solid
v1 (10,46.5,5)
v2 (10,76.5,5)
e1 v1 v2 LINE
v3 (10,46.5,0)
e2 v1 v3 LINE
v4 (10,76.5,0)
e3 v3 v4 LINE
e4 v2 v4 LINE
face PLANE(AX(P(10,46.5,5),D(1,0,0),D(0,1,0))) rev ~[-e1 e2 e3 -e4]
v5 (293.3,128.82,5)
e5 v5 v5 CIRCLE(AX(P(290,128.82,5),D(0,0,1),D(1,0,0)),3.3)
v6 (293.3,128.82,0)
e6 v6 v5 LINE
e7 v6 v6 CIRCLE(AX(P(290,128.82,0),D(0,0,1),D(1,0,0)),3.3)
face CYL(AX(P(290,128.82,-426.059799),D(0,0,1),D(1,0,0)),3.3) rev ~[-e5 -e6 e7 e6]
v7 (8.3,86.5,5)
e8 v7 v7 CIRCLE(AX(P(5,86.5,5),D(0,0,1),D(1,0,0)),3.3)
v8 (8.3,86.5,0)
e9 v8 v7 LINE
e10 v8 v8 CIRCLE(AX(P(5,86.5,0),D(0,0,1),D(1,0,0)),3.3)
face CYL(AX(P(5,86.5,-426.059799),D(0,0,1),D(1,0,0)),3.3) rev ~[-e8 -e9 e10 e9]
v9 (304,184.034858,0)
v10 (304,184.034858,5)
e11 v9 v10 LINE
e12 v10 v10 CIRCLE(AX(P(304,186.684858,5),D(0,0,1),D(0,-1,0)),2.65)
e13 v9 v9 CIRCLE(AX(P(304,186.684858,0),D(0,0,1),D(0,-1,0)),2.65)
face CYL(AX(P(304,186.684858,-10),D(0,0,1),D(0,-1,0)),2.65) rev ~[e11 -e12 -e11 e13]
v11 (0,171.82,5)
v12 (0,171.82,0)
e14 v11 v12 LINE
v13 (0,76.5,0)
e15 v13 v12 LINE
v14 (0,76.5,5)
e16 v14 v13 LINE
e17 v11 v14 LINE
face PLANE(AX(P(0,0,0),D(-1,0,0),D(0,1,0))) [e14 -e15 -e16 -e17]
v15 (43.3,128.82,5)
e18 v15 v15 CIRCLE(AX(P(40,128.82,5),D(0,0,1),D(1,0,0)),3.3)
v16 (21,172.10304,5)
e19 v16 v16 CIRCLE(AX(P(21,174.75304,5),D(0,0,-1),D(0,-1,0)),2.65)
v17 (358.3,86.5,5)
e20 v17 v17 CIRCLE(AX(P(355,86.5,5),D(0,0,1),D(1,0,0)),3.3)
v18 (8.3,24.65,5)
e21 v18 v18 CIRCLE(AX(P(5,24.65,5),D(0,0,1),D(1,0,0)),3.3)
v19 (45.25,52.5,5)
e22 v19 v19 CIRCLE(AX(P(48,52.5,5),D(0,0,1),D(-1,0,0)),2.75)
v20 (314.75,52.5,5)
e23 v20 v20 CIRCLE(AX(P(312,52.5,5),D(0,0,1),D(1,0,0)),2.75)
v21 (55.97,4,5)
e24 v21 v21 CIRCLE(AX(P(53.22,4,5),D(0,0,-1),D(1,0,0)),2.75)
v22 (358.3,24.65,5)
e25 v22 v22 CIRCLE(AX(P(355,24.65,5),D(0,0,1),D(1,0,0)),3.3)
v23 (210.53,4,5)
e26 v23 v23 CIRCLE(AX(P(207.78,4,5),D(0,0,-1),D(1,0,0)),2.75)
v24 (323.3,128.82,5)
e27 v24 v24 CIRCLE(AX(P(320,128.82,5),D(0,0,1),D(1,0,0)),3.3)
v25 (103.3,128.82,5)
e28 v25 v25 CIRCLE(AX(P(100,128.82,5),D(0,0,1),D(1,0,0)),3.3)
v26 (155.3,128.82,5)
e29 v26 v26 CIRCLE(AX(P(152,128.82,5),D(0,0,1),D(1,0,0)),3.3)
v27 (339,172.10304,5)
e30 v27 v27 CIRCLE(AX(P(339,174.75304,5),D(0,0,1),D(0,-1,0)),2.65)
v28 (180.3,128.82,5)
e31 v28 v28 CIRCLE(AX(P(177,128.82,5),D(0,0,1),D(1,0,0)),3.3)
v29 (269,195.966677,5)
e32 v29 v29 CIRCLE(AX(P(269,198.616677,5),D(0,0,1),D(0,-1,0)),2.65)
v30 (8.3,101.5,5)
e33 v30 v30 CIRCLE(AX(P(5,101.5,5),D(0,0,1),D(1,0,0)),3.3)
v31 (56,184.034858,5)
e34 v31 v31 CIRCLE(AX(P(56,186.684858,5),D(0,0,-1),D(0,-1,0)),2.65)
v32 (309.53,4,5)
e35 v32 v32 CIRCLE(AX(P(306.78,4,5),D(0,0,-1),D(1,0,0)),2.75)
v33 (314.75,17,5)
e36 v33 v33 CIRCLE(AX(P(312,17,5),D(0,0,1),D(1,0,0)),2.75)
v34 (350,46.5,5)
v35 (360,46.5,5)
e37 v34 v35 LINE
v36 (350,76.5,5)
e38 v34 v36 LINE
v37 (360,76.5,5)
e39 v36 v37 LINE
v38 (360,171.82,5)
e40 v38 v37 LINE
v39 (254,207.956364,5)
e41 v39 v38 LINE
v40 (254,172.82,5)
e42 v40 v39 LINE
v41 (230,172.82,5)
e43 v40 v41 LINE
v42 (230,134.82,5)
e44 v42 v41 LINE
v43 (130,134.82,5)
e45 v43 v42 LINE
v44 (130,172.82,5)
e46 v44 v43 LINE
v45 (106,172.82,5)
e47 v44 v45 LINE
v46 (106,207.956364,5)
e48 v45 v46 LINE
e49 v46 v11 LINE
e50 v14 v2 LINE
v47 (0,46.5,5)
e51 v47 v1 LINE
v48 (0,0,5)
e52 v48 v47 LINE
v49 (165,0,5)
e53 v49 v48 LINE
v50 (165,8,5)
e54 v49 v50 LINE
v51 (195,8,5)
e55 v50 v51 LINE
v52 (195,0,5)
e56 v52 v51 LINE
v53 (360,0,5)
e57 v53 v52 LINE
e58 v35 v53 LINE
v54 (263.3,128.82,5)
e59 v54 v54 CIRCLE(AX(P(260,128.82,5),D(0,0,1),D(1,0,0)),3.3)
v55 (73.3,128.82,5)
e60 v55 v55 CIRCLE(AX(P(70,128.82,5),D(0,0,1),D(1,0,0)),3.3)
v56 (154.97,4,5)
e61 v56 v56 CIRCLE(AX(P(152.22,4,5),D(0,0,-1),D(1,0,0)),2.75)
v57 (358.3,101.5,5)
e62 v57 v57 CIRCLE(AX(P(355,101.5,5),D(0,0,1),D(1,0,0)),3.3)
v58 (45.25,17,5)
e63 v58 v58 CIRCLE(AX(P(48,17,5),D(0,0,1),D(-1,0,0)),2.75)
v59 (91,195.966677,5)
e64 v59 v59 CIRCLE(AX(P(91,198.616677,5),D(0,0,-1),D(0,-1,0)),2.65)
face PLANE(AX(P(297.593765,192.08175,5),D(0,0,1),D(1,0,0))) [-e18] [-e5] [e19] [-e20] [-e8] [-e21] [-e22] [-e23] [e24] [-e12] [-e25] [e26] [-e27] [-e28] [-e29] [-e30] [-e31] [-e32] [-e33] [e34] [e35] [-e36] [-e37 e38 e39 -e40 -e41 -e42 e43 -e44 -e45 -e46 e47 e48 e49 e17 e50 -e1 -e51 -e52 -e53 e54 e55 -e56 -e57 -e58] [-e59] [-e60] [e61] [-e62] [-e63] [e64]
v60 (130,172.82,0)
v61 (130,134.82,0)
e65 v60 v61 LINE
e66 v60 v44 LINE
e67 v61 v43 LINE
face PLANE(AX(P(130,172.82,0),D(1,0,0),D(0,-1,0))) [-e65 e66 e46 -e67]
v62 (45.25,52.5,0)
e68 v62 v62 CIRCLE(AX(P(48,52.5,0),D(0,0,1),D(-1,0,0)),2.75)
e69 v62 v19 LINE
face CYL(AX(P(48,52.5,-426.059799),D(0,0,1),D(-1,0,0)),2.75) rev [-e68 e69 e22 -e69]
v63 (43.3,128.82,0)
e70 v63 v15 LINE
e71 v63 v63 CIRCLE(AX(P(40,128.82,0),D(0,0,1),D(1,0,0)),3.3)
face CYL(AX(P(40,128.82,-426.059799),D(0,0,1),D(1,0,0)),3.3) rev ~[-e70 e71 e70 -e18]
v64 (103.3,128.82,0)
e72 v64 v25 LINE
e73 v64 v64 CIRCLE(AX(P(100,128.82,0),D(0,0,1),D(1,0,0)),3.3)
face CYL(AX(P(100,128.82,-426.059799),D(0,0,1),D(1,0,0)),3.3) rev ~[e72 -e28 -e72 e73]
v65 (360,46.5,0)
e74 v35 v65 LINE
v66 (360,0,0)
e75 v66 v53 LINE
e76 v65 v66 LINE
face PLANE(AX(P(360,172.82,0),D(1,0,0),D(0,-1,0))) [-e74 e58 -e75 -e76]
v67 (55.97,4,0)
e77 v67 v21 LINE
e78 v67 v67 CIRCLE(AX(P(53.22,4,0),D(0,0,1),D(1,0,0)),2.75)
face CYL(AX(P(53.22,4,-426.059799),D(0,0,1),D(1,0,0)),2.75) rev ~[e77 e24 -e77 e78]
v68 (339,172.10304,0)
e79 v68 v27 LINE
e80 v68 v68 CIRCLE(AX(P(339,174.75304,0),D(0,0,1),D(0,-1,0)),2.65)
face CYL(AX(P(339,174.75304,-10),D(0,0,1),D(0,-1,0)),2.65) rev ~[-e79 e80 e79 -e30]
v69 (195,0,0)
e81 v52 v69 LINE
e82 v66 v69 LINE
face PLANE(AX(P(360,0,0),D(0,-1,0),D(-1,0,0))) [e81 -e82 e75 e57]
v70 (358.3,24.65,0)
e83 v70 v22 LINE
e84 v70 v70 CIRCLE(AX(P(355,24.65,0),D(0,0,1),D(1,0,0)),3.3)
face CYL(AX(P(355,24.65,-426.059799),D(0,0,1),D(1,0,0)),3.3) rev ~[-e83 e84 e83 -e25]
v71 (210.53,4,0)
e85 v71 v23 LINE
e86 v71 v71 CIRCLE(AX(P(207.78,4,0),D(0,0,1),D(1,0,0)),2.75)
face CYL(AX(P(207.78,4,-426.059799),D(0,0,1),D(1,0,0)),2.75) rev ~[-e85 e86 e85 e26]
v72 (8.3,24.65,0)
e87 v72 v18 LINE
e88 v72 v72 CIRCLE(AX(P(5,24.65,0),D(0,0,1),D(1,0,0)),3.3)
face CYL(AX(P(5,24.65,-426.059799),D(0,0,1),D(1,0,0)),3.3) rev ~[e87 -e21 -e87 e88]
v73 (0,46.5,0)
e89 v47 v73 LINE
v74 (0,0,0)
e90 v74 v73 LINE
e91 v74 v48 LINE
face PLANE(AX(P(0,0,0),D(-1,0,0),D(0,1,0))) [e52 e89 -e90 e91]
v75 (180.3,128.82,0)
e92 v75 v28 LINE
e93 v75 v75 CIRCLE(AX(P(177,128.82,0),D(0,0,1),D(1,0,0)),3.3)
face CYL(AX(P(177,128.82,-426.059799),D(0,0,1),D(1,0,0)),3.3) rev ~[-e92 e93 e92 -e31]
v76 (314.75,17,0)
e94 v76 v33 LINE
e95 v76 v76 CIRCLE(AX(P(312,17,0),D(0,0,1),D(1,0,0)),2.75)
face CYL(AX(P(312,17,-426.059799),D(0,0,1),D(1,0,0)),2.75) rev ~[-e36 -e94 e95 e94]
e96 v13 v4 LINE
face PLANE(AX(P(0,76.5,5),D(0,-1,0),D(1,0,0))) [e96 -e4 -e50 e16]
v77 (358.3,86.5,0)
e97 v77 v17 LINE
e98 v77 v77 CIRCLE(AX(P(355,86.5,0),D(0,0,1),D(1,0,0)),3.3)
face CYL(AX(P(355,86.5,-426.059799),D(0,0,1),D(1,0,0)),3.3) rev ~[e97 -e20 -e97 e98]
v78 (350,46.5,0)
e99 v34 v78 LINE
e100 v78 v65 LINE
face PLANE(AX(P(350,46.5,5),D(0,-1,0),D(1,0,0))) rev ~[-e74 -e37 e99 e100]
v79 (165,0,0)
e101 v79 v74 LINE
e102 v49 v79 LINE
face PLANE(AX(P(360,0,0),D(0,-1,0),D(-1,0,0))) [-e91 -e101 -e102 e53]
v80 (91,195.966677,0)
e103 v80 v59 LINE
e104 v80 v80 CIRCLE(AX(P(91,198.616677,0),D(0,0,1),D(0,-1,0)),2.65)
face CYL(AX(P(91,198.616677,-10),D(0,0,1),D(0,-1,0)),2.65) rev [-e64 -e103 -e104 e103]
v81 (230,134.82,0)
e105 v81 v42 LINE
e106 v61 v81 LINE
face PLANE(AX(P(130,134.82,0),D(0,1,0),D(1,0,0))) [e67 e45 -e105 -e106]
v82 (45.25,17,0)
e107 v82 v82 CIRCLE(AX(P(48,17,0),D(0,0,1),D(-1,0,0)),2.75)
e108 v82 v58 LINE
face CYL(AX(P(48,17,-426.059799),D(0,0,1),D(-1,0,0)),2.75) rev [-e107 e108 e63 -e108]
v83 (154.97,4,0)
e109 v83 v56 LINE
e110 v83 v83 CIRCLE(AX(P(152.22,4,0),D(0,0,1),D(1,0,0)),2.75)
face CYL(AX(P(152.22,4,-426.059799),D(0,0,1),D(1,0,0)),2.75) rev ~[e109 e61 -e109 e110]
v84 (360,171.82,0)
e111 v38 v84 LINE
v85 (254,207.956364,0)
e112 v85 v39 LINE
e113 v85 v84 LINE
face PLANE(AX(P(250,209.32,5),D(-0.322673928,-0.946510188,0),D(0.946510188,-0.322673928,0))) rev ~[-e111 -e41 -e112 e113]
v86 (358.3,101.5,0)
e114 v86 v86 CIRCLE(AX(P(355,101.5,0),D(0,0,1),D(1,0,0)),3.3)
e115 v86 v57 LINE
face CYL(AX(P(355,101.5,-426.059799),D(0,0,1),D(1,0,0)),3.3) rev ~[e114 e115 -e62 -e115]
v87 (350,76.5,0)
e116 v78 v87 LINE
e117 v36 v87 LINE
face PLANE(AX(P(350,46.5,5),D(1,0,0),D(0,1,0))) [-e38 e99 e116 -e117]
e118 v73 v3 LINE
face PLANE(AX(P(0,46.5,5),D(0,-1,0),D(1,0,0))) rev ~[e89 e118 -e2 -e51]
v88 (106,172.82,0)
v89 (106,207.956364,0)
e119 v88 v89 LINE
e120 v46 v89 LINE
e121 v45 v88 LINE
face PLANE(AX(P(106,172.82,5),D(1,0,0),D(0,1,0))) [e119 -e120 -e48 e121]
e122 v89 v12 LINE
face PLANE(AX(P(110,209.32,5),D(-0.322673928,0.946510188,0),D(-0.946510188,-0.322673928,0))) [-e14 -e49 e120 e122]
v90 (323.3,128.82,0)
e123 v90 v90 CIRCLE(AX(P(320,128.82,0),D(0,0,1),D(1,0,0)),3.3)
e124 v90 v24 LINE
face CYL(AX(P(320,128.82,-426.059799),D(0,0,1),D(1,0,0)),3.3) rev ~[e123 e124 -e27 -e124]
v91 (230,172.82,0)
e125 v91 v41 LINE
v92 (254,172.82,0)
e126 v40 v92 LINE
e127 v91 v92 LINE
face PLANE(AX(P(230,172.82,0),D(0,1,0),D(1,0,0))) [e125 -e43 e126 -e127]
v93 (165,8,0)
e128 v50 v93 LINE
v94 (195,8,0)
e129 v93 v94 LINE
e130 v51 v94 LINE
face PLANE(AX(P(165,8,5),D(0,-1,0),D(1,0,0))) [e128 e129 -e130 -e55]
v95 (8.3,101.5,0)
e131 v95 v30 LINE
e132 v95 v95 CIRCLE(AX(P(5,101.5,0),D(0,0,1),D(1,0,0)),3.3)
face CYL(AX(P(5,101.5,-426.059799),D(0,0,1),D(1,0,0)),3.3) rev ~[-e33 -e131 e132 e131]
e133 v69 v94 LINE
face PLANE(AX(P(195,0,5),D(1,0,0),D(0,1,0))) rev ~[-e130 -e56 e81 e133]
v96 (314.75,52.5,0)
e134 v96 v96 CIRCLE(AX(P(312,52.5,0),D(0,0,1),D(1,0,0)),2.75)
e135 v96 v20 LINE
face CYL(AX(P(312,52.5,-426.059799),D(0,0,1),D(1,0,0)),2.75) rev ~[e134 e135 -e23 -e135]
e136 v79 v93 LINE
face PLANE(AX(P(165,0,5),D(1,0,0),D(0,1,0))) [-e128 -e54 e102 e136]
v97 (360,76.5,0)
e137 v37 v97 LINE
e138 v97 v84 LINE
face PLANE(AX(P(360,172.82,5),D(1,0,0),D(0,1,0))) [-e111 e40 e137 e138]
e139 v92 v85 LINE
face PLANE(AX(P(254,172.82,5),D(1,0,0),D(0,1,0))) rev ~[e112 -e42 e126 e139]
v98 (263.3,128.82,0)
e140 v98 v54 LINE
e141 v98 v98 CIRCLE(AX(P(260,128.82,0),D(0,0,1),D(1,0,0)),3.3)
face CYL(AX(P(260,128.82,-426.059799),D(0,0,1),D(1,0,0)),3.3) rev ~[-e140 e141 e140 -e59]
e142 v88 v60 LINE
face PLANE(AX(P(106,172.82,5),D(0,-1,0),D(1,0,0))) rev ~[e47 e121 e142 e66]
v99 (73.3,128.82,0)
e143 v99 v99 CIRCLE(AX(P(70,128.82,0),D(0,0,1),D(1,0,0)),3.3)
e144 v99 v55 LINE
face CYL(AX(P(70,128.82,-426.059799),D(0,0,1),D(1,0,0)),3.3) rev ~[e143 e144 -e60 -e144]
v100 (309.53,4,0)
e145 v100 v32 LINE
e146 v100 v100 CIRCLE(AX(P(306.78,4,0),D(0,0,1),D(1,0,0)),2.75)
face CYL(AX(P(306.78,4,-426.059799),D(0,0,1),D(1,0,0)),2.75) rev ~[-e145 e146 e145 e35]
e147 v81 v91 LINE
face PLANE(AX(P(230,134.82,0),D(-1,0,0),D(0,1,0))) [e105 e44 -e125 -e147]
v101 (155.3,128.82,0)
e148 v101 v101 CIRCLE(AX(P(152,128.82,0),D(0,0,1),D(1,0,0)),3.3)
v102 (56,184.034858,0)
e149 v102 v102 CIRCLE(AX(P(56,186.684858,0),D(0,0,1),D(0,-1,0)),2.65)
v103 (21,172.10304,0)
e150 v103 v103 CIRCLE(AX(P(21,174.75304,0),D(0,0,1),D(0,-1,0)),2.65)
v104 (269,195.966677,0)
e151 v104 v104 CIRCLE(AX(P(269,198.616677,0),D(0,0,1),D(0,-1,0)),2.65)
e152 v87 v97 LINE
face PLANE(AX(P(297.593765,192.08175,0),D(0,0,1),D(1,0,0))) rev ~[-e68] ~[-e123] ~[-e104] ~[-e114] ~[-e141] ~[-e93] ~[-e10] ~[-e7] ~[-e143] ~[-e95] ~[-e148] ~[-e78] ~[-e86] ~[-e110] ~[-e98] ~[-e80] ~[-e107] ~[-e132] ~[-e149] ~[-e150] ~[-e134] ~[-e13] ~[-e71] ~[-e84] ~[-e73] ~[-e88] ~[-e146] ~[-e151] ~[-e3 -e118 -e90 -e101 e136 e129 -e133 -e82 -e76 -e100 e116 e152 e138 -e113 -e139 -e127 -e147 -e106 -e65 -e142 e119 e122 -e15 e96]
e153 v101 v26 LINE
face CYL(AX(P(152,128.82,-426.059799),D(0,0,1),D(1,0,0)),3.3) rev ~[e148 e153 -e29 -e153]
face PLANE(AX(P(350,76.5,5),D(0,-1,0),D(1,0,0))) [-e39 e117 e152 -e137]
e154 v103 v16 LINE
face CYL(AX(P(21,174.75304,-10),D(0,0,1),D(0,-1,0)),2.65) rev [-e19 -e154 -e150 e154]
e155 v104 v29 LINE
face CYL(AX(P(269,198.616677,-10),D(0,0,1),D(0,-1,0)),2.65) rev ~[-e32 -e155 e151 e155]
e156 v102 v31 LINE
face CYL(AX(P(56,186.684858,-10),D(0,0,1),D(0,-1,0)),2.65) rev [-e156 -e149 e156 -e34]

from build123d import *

# Parameters (mm, degrees)
RESSALTO_EXTRUS_O1_DEPTH         = 5
ESBO_O2_W                        = 10
ESBO_O2_H                        = 30
ESBO_O2_W_2                      = 30
ESBO_O2_H_2                      = 8
CORTE_EXTRUS_O1_DEPTH            = 5
RESSALTO_EXTRUS_O2_DEPTH         = 5
FURO_COM_FOLGA_DE_M61_D          = 6.6
FURO_COM_FOLGA_DE_M51_D          = 5.5
CORTE_EXTRUS_O2_DEPTH            = 427.059799089
ESBO_O9_W                        = 4
ESBO_O9_H                        = 100
CORTE_EXTRUS_O3_DEPTH            = 417.461117513
FURO_COM_FOLGA_DE_M52_AT_2_COUNT = 2
FURO_COM_FOLGA_DE_M52_AT_2_PITCH = 36.977943225
FURO_COM_FOLGA_DE_M52_AT_3_COUNT = 2
FURO_COM_FOLGA_DE_M52_AT_3_PITCH = 73.955886449


with BuildPart() as part:
    # Esboço1 → Ressalto-extrusão1 (new body)
    with BuildSketch(Plane.XY):
        Polygon((230, 172.82), (360, 172.82), (360, 0), (0, 0), (0, 172.82), (130, 172.82), (130, 134.82), (230, 134.82), align=None)
    extrude(amount=RESSALTO_EXTRUS_O1_DEPTH)

    # Esboço2 → Corte-extrusão1 (cut)
    with BuildSketch(Plane.XY.offset(5)):
        with Locations((5, 61.5)):
            Rectangle(ESBO_O2_W, ESBO_O2_H)
        with Locations((355, 61.5)):
            Rectangle(ESBO_O2_W, ESBO_O2_H)
        with Locations((180, 4)):
            Rectangle(ESBO_O2_W_2, ESBO_O2_H_2)
    extrude(amount=-CORTE_EXTRUS_O1_DEPTH, mode=Mode.SUBTRACT)

    # Esboço3 → Ressalto-extrusão2 (add)
    with BuildSketch(Plane.XY.offset(5)):
        Polygon((360, 172.82), (360, 187.82), (250, 227.82), (250, 172.82), align=None)
        Polygon((0, 187.82), (110, 227.82), (110, 172.82), (0, 172.82), align=None)
    extrude(amount=-RESSALTO_EXTRUS_O2_DEPTH)

    # Furo com folga de M61 (through all)
    with Locations(Plane(origin=(0, 0, 0), x_dir=(-1, 0, 0), z_dir=(0, 0, -1))):
        with Locations((-355, 24.65), (-355, 86.5), (-5, 24.65), (-5, 86.5), (-320, 128.82), (-290, 128.82), (-70, 128.82), (-40, 128.82), (-177, 128.82), (-355, 101.5), (-5, 101.5), (-260, 128.82), (-100, 128.82), (-152, 128.82)):
            Hole(FURO_COM_FOLGA_DE_M61_D / 2)

    # Furo com folga de M51 (through all)
    with Locations(Plane(origin=(0, 0, 0), x_dir=(-1, 0, 0), z_dir=(0, 0, -1))):
        with Locations((-312, 17), (-312, 52.5), (-306.78, 4), (-207.78, 4), (-152.22, 4), (-53.22, 4)):
            furo_com_folga_de_m51 = Hole(FURO_COM_FOLGA_DE_M51_D / 2)

    # Espelhar1: Furo com folga de M51 across plane
    add(furo_com_folga_de_m51.mirror(Plane(origin=(180, 0, 0), x_dir=(0, 0, 1), z_dir=(1, 0, 0))), mode=Mode.SUBTRACT)

    # Esboço8 → Corte-extrusão2 (cut, through all)
    with BuildSketch(Plane.XY.offset(5)):
        Polygon((0, 187.82), (110, 227.82), (110, 209.32), (0, 171.82), align=None)
        Polygon((250, 209.32), (360, 171.82), (360, 187.82), (250, 227.82), align=None)
    extrude(amount=-CORTE_EXTRUS_O2_DEPTH, mode=Mode.SUBTRACT)

    # Esboço9 → Corte-extrusão3 (cut, through all)
    with BuildSketch(Plane.XY.offset(5)):
        with Locations((108, 222.82)):
            Rectangle(ESBO_O9_W, ESBO_O9_H)
        with Locations((252, 222.82)):
            Rectangle(ESBO_O9_W, ESBO_O9_H)
    extrude(amount=-CORTE_EXTRUS_O3_DEPTH, mode=Mode.SUBTRACT)

    # Esboço11 → Furo com folga de M52 (revolve, cut)
    with BuildSketch(Plane(origin=(91, 198.616676618, 5), x_dir=(0, -1, 0), z_dir=(1, 0, 0))):
        Polygon((0, 0), (0, 16.59228064), (2.65, 15), (2.65, 0), align=None)
    furo_com_folga_de_m52 = revolve(axis=Axis((91, 198.616676618, 11.35), (0, 0, -1)), mode=Mode.SUBTRACT)

    # Furo com folga de M52 at 2: Furo com folga de M52 ×2
    with Locations(*[Vector(-0.94651018817854, -0.3226739277881387, 0) * (i * FURO_COM_FOLGA_DE_M52_AT_2_PITCH) for i in range(1, FURO_COM_FOLGA_DE_M52_AT_2_COUNT)]):
        add(furo_com_folga_de_m52, mode=Mode.SUBTRACT)

    # Furo com folga de M52 at 3: Furo com folga de M52 ×2
    with Locations(*[Vector(-0.9465101881785398, -0.322673927788139, 0) * (i * FURO_COM_FOLGA_DE_M52_AT_3_PITCH) for i in range(1, FURO_COM_FOLGA_DE_M52_AT_3_COUNT)]):
        add(furo_com_folga_de_m52, mode=Mode.SUBTRACT)

    # Espelhar2: Furo com folga de M52 across plane
    add(furo_com_folga_de_m52.mirror(Plane(origin=(180, 0, 0), x_dir=(0, 0, 1), z_dir=(1, 0, 0))), mode=Mode.SUBTRACT)

    # Espelhar2 copy 1 sketch → Espelhar2 copy 1 (revolve, cut)
    with BuildSketch(Plane(origin=(304, 186.684858437, 5), x_dir=(0, -1, 0), z_dir=(-1, 0, 0))):
        Polygon((0, 0), (0, -16.59228064), (2.65, -15), (2.65, 0), align=None)
    revolve(axis=Axis((304, 186.684858437, 11.35), (0, 0, 1)), mode=Mode.SUBTRACT)

    # Espelhar2 copy 2 sketch → Espelhar2 copy 2 (revolve, cut)
    with BuildSketch(Plane(origin=(339, 174.753040255, 5), x_dir=(0, -1, 0), z_dir=(-1, 0, 0))):
        Polygon((0, 0), (0, -16.59228064), (2.65, -15), (2.65, 0), align=None)
    revolve(axis=Axis((339, 174.753040255, 11.35), (0, 0, 1)), mode=Mode.SUBTRACT)


solid = part.part
